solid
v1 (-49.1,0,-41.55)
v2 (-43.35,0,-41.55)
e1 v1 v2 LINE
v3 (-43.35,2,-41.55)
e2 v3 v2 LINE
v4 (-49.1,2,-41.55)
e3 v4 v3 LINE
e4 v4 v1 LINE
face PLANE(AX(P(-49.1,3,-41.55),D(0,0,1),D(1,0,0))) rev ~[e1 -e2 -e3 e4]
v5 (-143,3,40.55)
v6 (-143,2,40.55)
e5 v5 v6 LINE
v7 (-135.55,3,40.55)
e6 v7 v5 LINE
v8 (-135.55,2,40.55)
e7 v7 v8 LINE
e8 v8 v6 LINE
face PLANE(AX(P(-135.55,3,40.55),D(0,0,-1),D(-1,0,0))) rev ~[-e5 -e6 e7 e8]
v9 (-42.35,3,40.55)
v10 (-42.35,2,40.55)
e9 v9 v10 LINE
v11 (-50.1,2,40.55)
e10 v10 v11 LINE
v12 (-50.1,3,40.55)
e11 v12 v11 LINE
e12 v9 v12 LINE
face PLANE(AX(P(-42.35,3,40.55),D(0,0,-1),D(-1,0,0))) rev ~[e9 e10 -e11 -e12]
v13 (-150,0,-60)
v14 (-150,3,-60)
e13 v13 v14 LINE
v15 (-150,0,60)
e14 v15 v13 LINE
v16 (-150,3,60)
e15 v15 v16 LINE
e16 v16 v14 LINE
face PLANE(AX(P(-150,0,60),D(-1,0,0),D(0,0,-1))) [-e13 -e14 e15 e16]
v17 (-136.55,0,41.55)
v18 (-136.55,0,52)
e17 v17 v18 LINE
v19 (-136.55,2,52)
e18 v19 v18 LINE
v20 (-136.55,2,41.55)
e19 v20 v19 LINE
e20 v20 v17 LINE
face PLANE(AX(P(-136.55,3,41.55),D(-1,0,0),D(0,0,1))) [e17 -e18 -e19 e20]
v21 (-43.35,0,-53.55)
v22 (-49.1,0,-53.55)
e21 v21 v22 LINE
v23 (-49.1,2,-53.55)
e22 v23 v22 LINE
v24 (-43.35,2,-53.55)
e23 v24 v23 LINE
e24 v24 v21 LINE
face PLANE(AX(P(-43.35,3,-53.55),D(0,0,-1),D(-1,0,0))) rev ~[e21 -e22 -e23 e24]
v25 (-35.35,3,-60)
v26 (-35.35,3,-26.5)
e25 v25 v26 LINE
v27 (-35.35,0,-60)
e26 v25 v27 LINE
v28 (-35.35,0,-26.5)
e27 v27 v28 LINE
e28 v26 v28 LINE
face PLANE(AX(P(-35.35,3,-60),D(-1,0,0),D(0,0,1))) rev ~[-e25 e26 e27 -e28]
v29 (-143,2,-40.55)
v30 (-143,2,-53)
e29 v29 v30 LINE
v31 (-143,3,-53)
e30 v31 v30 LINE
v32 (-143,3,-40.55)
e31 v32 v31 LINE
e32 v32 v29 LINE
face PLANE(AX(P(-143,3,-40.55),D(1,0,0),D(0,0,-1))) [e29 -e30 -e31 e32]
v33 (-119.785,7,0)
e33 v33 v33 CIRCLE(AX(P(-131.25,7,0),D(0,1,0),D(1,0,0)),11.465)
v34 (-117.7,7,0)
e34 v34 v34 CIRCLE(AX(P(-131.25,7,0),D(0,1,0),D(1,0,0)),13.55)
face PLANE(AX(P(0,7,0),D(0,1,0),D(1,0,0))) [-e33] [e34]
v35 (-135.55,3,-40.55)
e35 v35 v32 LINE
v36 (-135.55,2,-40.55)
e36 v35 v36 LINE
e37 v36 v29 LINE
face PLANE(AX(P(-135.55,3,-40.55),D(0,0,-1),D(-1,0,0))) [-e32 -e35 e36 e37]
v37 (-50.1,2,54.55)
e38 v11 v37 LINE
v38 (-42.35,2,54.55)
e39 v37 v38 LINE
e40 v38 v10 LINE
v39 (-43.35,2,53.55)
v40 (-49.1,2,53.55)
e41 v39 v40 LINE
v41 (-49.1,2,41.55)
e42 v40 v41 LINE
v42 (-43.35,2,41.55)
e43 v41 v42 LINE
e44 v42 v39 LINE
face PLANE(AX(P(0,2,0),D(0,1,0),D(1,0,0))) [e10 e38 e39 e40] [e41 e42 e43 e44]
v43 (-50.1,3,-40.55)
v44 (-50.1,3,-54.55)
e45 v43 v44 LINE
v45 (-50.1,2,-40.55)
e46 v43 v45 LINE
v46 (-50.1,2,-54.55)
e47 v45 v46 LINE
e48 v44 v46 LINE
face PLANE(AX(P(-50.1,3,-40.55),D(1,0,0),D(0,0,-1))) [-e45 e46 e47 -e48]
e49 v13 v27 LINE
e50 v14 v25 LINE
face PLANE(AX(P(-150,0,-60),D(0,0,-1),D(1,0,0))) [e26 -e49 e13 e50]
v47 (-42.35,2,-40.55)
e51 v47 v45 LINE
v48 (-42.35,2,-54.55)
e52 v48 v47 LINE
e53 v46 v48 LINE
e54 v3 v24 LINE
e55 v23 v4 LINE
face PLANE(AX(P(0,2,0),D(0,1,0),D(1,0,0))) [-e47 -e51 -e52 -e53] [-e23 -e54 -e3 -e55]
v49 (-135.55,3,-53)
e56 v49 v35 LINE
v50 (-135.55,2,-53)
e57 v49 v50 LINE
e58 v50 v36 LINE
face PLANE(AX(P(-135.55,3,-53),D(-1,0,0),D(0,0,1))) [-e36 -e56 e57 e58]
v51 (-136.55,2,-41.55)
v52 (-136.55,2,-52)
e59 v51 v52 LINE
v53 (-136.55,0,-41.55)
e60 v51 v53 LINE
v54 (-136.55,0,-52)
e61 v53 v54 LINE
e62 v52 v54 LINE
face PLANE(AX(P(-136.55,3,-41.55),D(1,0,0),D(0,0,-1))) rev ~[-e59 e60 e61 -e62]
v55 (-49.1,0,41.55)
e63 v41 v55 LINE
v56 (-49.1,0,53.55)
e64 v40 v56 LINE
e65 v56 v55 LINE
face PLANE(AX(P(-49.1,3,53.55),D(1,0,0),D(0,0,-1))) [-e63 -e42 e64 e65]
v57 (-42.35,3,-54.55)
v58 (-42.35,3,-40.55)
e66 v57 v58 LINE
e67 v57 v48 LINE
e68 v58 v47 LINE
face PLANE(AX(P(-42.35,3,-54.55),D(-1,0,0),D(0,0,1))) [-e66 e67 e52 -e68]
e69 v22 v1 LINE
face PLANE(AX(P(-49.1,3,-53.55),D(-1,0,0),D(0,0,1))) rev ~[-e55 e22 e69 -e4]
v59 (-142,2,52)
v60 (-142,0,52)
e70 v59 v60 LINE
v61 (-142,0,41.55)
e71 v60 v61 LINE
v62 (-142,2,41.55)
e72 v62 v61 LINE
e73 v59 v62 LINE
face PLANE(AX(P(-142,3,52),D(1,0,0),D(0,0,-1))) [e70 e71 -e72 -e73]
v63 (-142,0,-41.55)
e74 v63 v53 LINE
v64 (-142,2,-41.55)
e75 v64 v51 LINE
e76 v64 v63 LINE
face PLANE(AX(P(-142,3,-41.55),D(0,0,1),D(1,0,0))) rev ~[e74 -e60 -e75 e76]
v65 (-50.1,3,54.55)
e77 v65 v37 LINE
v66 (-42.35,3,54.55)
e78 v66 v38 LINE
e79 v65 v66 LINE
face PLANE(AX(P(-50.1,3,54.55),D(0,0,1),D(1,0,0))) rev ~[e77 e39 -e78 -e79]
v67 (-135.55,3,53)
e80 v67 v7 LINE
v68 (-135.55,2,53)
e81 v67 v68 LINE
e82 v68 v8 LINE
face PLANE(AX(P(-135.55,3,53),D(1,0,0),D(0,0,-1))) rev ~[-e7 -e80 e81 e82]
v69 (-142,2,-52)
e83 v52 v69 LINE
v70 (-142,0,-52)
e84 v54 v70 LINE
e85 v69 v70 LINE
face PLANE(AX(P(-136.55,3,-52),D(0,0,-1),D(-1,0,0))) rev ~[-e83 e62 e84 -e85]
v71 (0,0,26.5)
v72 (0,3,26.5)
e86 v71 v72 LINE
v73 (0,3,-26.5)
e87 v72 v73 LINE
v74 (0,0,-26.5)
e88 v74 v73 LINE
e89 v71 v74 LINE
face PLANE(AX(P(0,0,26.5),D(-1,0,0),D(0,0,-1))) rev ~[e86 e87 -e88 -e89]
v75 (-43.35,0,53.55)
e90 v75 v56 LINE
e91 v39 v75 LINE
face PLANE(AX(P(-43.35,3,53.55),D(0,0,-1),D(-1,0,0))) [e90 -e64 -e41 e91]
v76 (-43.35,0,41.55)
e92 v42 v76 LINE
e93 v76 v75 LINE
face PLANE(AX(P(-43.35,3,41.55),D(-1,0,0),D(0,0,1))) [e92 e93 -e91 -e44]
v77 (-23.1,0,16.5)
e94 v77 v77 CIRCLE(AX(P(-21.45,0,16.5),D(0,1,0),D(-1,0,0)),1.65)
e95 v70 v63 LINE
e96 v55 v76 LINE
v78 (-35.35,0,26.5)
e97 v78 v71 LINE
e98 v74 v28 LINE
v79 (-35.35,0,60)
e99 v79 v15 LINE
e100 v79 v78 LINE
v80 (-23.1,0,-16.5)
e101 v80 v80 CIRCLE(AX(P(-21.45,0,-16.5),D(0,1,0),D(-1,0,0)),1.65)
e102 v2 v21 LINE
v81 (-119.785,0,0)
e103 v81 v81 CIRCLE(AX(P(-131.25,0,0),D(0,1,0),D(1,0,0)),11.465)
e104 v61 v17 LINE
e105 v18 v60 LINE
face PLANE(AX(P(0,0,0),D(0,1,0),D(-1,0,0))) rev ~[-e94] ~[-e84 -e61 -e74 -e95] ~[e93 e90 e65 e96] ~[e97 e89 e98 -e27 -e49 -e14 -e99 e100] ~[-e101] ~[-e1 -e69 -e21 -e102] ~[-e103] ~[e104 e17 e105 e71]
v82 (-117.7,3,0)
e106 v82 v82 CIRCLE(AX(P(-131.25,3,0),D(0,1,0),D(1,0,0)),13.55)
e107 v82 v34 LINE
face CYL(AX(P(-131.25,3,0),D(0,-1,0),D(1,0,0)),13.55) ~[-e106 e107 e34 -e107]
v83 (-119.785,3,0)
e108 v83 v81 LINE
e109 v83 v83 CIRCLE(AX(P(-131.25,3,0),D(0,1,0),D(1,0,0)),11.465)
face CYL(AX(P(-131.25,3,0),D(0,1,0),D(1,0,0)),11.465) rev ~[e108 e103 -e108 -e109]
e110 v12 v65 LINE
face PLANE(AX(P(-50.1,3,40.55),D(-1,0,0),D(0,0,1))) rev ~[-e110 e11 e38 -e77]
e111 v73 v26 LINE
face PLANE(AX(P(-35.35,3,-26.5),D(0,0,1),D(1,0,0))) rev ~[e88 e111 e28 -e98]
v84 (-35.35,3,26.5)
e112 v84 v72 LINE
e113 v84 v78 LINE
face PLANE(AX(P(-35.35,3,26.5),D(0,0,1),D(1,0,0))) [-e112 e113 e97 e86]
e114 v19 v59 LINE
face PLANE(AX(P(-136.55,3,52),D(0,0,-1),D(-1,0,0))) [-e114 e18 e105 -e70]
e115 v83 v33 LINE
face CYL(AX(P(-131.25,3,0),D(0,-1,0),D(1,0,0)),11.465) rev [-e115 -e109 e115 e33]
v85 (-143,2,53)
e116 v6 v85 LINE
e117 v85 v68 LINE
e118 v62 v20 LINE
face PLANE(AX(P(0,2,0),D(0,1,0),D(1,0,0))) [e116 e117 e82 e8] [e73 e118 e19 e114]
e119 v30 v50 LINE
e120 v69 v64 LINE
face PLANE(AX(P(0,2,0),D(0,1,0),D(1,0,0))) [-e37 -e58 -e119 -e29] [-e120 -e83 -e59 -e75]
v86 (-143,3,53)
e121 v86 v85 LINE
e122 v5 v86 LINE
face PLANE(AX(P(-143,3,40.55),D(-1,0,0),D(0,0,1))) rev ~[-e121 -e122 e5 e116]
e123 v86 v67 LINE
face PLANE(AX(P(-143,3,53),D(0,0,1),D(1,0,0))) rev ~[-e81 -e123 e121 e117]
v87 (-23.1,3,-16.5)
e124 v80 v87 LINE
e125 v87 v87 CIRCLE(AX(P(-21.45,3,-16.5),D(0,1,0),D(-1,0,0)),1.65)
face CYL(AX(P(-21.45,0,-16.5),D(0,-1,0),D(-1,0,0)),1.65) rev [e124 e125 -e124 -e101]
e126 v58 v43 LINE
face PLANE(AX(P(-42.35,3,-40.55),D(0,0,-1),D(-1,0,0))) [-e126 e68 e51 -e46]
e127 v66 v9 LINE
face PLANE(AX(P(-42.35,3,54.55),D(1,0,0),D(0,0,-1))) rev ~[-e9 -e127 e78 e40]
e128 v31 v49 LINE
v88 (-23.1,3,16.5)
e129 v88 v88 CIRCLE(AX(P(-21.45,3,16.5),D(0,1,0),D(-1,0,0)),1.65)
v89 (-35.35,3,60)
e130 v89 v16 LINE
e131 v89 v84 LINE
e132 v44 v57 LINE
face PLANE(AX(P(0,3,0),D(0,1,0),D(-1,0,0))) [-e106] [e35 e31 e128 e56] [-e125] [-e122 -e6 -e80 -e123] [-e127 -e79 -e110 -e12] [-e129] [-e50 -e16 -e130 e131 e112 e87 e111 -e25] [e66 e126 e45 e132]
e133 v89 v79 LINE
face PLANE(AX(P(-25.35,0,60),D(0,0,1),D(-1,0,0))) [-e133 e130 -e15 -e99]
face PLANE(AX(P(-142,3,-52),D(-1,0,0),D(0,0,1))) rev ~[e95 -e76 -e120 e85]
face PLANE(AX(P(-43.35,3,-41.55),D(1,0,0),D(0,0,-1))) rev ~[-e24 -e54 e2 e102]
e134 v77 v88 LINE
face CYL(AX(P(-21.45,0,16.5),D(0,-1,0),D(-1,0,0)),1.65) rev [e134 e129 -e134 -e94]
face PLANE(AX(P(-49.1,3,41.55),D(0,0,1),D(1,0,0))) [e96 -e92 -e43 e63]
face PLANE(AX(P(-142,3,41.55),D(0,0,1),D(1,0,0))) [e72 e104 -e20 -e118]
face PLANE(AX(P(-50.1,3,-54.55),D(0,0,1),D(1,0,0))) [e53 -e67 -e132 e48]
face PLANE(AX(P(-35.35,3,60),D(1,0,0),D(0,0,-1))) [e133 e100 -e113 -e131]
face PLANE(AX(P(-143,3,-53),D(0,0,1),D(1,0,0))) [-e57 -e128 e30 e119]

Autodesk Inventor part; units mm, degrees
ref_plane "YZ Plane" through (0, 0, 0) normal (1, 0, 0) x (0, 1, 0)
ref_plane "XZ Plane" through (0, 0, 0) normal (0, 1, 0) x (-1, 0, 0)
ref_plane "XY Plane" through (0, 0, 0) normal (0, 0, 1) x (1, 0, 0)
sketch "Boceto1" plane through (0, 0, 0) normal (0, 1, 0) x (-1, 0, 0)
  line L0 (25.35, 26.5) -> (0, 26.5)
  line L1 (0, 26.5) -> (0, -26.5)
  line L2 (0, -26.5) -> (25.35, -26.5)
  line L3 (-8.9327, 0) -> (109.0416, 0) construction
  line L4 (25.35, 60) -> (150, 60)
  line L5 (150, 60) -> (150, -60)
  line L6 (150, -60) -> (25.35, -60)
  line L7 (25.35, -60) -> (25.35, -26.5)
  line L8 (25.35, 26.5) -> (25.35, 60)
  circle A0 centre (21.45, 16.5) radius 1.65
  circle A1 centre (21.45, -16.5) radius 1.65
  point P0 (0, 0)
  point P1 (0, 0)
  dimension "d1" = 53
  dimension "d2" = 120
  dimension "d3" = 124.65
  dimension "d4" = 25.35
  dimension "d6" = 33.5
  dimension "d8" = 3.3
  dimension "d9" = 16.5
  dimension "d10" = 3.9
extrude "Extrusión1" add sketch "Boceto1" along normal blind 3
sketch "Boceto2" plane through (0, 3, 0) normal (0, 1, 0) x (1, 0, 0)
  line L0 (-150, 60) -> (-150, -60) projected
  line L1 (-25.35, 60) -> (-150, 60) projected
  line L2 (-150, -60) -> (-25.35, -60)
  line L3 (-25.35, -60) -> (-25.35, 60)
  line L4 (-25.35, 60) -> (-150, 60)
  line L5 (-150, 60) -> (-150, -60)
  line L6 (-30.35, -55) -> (-145, -55)
  line L7 (-145, -55) -> (-145, 55)
  line L8 (-145, 55) -> (-30.35, 55)
  line L9 (-30.35, 55) -> (-30.35, -55)
  circle A0 centre (-131.25, 0) radius 11.465
  circle A1 centre (-131.25, 0) radius 13.55
  point P0 (0, 0)
  dimension "d13" = 5
  dimension "d14" = 22.93
  dimension "d15" = 13.75
  dimension "d16" = 27.1
extrude "Extrusión2" cut sketch "Boceto2" against normal through all contours A0
extrude "Extrusión3" add sketch "Boceto2" along normal blind 4 contours A1
sketch "Boceto3" plane through (0, 3, 0) normal (0, 1, 0) x (1, 0, 0)
  line L0 (-25.35, 26.5) -> (-25.35, 60) projected
  line L1 (-25.35, 60) -> (-35.35, 60)
  line L2 (-35.35, 60) -> (-35.35, 26.5)
  line L3 (-35.35, 26.5) -> (-25.35, 26.5)
  line L4 (-25.35, 26.5) -> (-25.35, 60)
  line L5 (-25.35, -60) -> (-25.35, -26.5) projected
  line L6 (-25.35, -60) -> (-35.35, -60)
  line L7 (-35.35, -60) -> (-35.35, -26.5)
  line L8 (-35.35, -26.5) -> (-25.35, -26.5)
  line L9 (-25.35, -26.5) -> (-25.35, -60)
  point P0 (-150, 60)
  dimension "d46" = 10
  dimension "d47" = 10
  dimension "d48" = 33.5
  dimension "d49" = 33.5
extrude "Extrusión7" cut sketch "Boceto3" against normal through all
sketch "Boceto4" plane through (0, 3, 0) normal (0, 1, 0) x (1, 0, 0)
  line L0 (-143, 53) -> (-135.55, 53)
  line L1 (-135.55, 53) -> (-135.55, 40.55)
  line L2 (-135.55, 40.55) -> (-143, 40.55)
  line L3 (-143, 40.55) -> (-143, 53)
  line L4 (-136.55, 52) -> (-142, 52)
  line L5 (-142, 52) -> (-142, 41.55)
  line L6 (-142, 41.55) -> (-136.55, 41.55)
  line L7 (-136.55, 41.55) -> (-136.55, 52)
  line L8 (-50.1, 54.55) -> (-42.35, 54.55)
  line L9 (-42.35, 54.55) -> (-42.35, 40.55)
  line L10 (-42.35, 40.55) -> (-50.1, 40.55)
  line L11 (-50.1, 40.55) -> (-50.1, 54.55)
  line L12 (-43.35, 53.55) -> (-49.1, 53.55)
  line L13 (-49.1, 53.55) -> (-49.1, 41.55)
  line L14 (-49.1, 41.55) -> (-43.35, 41.55)
  line L15 (-43.35, 41.55) -> (-43.35, 53.55)
  line L16 (-35.35, 60) -> (-150, 60) construction
  line L17 (-35.35, -26.5) -> (-35.35, -60) construction
  line L18 (-150, 60) -> (-35.35, 60) construction
  line L19 (-35.35, 60) -> (-35.35, -60) construction
  line L20 (-35.35, -60) -> (-150, -60) construction
  line L21 (-150, -60) -> (-150, 60) construction
  line L22 (-147, 57) -> (-38.35, 57) construction
  line L23 (-38.35, 57) -> (-38.35, -57) construction
  line L24 (-38.35, -57) -> (-147, -57) construction
  line L25 (-147, -57) -> (-147, 57) construction
  line L26 (-150, 0) -> (0, 0) construction
  line L27 (-50.1, -40.55) -> (-50.1, -54.55)
  line L28 (-136.55, -41.55) -> (-136.55, -52)
  line L29 (-135.55, -53) -> (-135.55, -40.55)
  line L30 (-136.55, -52) -> (-142, -52)
  line L31 (-142, -52) -> (-142, -41.55)
  line L32 (-142, -41.55) -> (-136.55, -41.55)
  line L33 (-143, -53) -> (-135.55, -53)
  line L34 (-135.55, -40.55) -> (-143, -40.55)
  line L35 (-143, -40.55) -> (-143, -53)
  line L36 (-42.35, -40.55) -> (-50.1, -40.55)
  line L37 (-42.35, -54.55) -> (-42.35, -40.55)
  line L38 (-50.1, -54.55) -> (-42.35, -54.55)
  line L39 (-43.35, -53.55) -> (-49.1, -53.55)
  line L40 (-49.1, -53.55) -> (-49.1, -41.55)
  line L41 (-49.1, -41.55) -> (-43.35, -41.55)
  line L42 (-43.35, -41.55) -> (-43.35, -53.55)
  point P0 (-46.225, 40.55)
  point P1 (-139.275, 40.55)
  point P2 (-46.225, -40.55)
  point P3 (-139.275, -40.55)
  dimension "d52" = 7.45
  dimension "d53" = 12.45
  dimension "d54" = 1
  dimension "d55" = 14
  dimension "d56" = 7.75
  dimension "d57" = 1
  dimension "d59" = 3
  dimension "d60" = 4
  dimension "d61" = 4
  dimension "d62" = 4
extrude "Extrusión8" cut sketch "Boceto4" against normal blind 1
extrude "Extrusión9" cut sketch "Boceto4" against normal through all contours L7 L6 L5 L4 | L15 L14 L13 L12 | L28 L30 L31 L32 | L39 L40 L41 L42
properties part number "Base V.2"
